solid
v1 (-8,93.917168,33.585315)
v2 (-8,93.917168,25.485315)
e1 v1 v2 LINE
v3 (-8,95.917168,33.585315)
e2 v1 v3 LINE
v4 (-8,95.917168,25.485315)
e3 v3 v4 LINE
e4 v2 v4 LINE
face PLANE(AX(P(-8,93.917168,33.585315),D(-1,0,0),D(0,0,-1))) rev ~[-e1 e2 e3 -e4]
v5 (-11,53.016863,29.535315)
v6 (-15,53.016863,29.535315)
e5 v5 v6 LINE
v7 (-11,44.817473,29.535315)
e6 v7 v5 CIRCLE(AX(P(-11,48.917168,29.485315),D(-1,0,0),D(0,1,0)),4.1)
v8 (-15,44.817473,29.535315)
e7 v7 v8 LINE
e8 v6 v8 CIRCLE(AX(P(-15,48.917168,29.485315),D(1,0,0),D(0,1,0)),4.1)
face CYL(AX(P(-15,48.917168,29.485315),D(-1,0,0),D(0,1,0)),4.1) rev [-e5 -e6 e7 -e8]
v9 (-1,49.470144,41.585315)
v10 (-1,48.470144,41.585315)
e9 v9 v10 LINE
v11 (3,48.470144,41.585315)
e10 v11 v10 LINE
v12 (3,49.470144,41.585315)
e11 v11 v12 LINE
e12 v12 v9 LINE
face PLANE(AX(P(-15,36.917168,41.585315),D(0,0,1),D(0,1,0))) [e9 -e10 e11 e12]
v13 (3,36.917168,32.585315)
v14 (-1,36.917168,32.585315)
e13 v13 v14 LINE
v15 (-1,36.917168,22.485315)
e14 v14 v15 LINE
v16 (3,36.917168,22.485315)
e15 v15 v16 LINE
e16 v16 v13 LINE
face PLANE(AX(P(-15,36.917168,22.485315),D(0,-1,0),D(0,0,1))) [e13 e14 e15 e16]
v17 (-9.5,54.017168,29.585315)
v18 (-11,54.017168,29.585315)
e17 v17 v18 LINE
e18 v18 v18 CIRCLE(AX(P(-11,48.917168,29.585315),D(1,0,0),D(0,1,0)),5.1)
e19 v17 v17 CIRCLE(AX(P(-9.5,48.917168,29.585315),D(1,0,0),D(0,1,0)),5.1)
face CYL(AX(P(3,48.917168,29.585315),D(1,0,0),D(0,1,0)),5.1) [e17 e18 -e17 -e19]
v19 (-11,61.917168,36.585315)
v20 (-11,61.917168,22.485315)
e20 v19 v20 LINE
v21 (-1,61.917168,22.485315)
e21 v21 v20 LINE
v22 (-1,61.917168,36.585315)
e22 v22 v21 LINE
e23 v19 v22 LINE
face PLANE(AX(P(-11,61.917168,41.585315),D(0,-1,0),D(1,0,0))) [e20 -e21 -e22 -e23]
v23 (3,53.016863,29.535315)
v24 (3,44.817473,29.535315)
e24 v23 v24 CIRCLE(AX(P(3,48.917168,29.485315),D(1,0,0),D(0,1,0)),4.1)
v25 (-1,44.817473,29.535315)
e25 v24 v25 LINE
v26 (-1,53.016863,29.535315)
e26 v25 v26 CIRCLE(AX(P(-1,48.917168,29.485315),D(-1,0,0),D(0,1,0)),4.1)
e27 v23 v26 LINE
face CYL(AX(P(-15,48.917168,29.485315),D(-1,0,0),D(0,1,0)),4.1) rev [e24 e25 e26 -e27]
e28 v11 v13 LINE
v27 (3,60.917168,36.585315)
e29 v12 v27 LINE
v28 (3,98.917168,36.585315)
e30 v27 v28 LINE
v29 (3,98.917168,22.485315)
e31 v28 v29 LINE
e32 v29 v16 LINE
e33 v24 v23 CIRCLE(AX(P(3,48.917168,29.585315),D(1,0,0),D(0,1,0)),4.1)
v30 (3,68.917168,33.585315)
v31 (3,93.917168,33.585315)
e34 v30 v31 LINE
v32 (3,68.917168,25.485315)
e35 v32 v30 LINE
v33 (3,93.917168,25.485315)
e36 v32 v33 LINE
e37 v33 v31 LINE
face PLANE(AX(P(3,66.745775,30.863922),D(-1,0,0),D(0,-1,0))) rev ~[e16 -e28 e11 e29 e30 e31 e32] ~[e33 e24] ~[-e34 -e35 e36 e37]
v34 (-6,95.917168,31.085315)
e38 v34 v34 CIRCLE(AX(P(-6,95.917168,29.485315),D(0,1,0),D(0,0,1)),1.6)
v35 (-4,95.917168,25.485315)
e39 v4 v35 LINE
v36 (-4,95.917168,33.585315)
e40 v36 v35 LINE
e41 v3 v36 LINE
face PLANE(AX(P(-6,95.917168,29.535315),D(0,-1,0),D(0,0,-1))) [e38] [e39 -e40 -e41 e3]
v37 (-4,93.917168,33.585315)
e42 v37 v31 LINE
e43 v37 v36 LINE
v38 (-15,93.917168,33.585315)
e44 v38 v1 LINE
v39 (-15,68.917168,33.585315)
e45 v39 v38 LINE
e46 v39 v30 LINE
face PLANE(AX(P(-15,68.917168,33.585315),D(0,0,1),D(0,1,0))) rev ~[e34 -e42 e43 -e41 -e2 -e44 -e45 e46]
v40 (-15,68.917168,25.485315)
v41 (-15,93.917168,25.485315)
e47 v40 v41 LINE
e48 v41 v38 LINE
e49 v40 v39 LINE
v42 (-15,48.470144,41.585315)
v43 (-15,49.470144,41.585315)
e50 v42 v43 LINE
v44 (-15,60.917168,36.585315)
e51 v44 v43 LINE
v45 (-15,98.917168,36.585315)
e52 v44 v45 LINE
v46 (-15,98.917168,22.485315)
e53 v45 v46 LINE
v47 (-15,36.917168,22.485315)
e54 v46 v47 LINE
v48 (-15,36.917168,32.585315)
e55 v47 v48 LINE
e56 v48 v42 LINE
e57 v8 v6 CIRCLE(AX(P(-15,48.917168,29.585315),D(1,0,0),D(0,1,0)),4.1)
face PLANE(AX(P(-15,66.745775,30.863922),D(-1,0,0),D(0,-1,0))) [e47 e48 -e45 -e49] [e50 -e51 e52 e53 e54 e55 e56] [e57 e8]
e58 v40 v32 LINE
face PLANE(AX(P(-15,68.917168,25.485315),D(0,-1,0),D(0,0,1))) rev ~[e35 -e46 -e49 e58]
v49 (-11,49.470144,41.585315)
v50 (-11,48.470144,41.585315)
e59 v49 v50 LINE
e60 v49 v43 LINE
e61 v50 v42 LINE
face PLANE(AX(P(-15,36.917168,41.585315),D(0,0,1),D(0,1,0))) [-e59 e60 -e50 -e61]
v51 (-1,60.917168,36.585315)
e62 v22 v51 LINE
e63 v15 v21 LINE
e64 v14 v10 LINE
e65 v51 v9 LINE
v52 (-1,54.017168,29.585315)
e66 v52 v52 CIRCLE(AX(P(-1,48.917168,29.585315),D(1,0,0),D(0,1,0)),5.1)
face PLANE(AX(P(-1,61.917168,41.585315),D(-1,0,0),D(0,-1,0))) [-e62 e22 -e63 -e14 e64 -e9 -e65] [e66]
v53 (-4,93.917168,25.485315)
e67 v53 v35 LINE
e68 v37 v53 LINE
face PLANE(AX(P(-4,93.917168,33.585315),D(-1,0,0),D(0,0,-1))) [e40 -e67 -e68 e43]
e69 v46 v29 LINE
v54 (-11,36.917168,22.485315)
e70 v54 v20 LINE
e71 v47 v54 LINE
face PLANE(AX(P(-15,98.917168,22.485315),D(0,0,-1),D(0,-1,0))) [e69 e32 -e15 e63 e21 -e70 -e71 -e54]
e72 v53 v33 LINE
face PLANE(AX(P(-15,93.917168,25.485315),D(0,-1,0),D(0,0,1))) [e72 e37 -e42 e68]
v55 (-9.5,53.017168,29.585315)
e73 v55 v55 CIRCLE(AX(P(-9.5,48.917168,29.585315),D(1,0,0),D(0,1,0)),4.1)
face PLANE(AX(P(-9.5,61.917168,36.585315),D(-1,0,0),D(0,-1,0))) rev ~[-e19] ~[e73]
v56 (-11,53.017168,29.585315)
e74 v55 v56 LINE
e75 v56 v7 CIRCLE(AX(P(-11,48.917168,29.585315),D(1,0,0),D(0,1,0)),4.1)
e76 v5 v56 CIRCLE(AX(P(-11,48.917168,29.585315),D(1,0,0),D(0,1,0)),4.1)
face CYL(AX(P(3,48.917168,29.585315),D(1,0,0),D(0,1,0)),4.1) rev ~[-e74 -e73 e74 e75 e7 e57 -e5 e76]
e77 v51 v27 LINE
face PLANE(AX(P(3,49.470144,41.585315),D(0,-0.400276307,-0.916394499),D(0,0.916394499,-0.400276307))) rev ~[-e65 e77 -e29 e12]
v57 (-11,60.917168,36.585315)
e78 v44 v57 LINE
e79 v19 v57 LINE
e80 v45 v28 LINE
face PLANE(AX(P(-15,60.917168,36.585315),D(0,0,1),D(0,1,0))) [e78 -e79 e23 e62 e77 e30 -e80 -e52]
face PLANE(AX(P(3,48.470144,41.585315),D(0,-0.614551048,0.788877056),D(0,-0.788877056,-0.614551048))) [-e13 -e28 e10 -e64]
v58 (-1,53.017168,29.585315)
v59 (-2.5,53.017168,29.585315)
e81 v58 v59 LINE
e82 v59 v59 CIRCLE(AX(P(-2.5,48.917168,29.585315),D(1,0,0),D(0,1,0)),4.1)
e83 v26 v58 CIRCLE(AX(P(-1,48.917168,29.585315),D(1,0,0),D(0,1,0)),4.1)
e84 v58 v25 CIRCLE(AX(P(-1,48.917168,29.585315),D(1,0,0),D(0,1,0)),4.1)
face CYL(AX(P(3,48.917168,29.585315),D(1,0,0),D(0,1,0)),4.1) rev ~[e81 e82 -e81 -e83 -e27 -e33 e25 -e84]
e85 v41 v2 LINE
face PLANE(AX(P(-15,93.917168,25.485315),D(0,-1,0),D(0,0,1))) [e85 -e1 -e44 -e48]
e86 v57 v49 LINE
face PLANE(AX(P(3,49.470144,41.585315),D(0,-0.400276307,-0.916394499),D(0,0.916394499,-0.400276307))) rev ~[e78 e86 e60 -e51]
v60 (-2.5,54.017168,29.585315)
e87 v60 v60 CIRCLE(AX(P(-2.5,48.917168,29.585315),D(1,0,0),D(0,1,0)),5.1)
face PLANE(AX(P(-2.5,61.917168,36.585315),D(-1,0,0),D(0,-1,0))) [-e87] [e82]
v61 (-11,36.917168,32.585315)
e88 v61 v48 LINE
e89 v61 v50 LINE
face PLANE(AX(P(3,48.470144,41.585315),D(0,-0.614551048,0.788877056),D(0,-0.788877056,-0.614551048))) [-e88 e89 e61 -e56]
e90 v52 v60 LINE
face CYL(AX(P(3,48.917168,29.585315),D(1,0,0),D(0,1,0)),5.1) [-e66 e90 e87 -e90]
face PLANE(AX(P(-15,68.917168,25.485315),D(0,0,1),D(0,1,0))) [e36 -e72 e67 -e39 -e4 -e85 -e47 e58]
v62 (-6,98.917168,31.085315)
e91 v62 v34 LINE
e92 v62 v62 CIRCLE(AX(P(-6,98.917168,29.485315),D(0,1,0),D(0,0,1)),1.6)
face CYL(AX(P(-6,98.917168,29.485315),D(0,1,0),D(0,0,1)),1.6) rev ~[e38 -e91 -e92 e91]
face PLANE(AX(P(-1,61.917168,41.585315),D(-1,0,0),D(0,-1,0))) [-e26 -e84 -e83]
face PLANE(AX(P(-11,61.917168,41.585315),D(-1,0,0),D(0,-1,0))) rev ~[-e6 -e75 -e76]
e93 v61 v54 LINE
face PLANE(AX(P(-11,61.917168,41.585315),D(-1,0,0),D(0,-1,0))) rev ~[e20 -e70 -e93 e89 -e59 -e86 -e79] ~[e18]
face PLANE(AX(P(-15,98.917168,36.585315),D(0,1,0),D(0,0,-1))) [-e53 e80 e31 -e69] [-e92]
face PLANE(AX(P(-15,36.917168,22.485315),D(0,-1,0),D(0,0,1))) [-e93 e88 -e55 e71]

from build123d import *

# Parameters (mm, degrees)
SKETCH_R        = 4.1
SKETCH_W        = 25
SKETCH_H        = 8.1
PAD_DEPTH       = 18
SKETCH001_W     = 25
SKETCH001_H     = 10
POCKET_DEPTH    = 25
SKETCH002_R     = 5.1
SKETCH002_R_2   = 4.1
PAD001_DEPTH    = 18
SKETCH003_W     = 24
SKETCH003_H     = 7
POCKET001_DEPTH = 25
SKETCH004_R     = 1.6
POCKET002_DEPTH = 5
SKETCH005_W     = 8.1
SKETCH005_H     = 4
POCKET003_DEPTH = 2
POCKET004_DEPTH = 25


with BuildPart() as part:
    # Sketch → Pad (new body)
    with BuildSketch(Plane(origin=(-15, 105, 17), x_dir=(0, 1, 0), z_dir=(1, 0, 0))):
        Polygon((-68.082832, 24.585315), (-44.082832, 24.585315), (-44.082832, 19.585315), (-6.082832, 19.585315), (-6.082832, 5.485315), (-68.082832, 5.485315), align=None)
        with Locations((-56.082832, 12.485315)):
            Circle(SKETCH_R, mode=Mode.SUBTRACT)
        with Locations((-23.582832, 12.535315)):
            Rectangle(SKETCH_W, SKETCH_H, mode=Mode.SUBTRACT)
    extrude(amount=PAD_DEPTH)

    # Sketch001 → Pocket (cut)
    with BuildSketch(Plane(origin=(-15, 105, 41.585315), x_dir=(0, -1, 0), z_dir=(0, 0, 1))):
        with Locations((55.582832, 9)):
            Rectangle(SKETCH001_W, SKETCH001_H)
    extrude(amount=-POCKET_DEPTH, mode=Mode.SUBTRACT)

    # Sketch002 → Pad001 (new body)
    with BuildSketch(Plane(origin=(3, 105, 17), x_dir=(0, 1, 0), z_dir=(1, 0, 0))):
        with Locations((-56.082832, 12.585315)):
            Circle(SKETCH002_R)
        with Locations((-56.082832, 12.585315)):
            Circle(SKETCH002_R_2, mode=Mode.SUBTRACT)
    extrude(amount=-PAD001_DEPTH)

    # Sketch003 → Pocket001 (cut)
    with BuildSketch(Plane(origin=(-15, 105, 36.585315), x_dir=(0, -1, 0), z_dir=(0, 0, 1))):
        with Locations((55.082832, 9)):
            Rectangle(SKETCH003_W, SKETCH003_H)
    extrude(amount=-POCKET001_DEPTH, mode=Mode.SUBTRACT)

    # Sketch004 → Pocket002 (cut)
    with BuildSketch(Plane(origin=(-15, 98.917168, 17), x_dir=(0, 0, 1), z_dir=(0, 1, 0))):
        with Locations((12.485315, 9)):
            Circle(SKETCH004_R)
    extrude(amount=-POCKET002_DEPTH, mode=Mode.SUBTRACT)

    # Sketch005 → Pocket003 (cut)
    with BuildSketch(Plane(origin=(-15, 93.917168, 17), x_dir=(0, 0, -1), z_dir=(0, -1, 0))):
        with Locations((-12.535315, 9)):
            Rectangle(SKETCH005_W, SKETCH005_H)
    extrude(amount=-POCKET003_DEPTH, mode=Mode.SUBTRACT)

    # Sketch006 → Pocket004 (cut)
    with BuildSketch(Plane(origin=(3, 105, 17), x_dir=(0, 1, 0), z_dir=(1, 0, 0))):
        Polygon((-55.529856, 24.585315), (-44.082832, 19.585315), (-44.082832, 24.585315), align=None)
        Polygon((-56.529856, 24.585315), (-68.082832, 15.585315), (-68.082832, 24.585315), align=None)
    extrude(amount=-POCKET004_DEPTH, mode=Mode.SUBTRACT)


solid = part.part
